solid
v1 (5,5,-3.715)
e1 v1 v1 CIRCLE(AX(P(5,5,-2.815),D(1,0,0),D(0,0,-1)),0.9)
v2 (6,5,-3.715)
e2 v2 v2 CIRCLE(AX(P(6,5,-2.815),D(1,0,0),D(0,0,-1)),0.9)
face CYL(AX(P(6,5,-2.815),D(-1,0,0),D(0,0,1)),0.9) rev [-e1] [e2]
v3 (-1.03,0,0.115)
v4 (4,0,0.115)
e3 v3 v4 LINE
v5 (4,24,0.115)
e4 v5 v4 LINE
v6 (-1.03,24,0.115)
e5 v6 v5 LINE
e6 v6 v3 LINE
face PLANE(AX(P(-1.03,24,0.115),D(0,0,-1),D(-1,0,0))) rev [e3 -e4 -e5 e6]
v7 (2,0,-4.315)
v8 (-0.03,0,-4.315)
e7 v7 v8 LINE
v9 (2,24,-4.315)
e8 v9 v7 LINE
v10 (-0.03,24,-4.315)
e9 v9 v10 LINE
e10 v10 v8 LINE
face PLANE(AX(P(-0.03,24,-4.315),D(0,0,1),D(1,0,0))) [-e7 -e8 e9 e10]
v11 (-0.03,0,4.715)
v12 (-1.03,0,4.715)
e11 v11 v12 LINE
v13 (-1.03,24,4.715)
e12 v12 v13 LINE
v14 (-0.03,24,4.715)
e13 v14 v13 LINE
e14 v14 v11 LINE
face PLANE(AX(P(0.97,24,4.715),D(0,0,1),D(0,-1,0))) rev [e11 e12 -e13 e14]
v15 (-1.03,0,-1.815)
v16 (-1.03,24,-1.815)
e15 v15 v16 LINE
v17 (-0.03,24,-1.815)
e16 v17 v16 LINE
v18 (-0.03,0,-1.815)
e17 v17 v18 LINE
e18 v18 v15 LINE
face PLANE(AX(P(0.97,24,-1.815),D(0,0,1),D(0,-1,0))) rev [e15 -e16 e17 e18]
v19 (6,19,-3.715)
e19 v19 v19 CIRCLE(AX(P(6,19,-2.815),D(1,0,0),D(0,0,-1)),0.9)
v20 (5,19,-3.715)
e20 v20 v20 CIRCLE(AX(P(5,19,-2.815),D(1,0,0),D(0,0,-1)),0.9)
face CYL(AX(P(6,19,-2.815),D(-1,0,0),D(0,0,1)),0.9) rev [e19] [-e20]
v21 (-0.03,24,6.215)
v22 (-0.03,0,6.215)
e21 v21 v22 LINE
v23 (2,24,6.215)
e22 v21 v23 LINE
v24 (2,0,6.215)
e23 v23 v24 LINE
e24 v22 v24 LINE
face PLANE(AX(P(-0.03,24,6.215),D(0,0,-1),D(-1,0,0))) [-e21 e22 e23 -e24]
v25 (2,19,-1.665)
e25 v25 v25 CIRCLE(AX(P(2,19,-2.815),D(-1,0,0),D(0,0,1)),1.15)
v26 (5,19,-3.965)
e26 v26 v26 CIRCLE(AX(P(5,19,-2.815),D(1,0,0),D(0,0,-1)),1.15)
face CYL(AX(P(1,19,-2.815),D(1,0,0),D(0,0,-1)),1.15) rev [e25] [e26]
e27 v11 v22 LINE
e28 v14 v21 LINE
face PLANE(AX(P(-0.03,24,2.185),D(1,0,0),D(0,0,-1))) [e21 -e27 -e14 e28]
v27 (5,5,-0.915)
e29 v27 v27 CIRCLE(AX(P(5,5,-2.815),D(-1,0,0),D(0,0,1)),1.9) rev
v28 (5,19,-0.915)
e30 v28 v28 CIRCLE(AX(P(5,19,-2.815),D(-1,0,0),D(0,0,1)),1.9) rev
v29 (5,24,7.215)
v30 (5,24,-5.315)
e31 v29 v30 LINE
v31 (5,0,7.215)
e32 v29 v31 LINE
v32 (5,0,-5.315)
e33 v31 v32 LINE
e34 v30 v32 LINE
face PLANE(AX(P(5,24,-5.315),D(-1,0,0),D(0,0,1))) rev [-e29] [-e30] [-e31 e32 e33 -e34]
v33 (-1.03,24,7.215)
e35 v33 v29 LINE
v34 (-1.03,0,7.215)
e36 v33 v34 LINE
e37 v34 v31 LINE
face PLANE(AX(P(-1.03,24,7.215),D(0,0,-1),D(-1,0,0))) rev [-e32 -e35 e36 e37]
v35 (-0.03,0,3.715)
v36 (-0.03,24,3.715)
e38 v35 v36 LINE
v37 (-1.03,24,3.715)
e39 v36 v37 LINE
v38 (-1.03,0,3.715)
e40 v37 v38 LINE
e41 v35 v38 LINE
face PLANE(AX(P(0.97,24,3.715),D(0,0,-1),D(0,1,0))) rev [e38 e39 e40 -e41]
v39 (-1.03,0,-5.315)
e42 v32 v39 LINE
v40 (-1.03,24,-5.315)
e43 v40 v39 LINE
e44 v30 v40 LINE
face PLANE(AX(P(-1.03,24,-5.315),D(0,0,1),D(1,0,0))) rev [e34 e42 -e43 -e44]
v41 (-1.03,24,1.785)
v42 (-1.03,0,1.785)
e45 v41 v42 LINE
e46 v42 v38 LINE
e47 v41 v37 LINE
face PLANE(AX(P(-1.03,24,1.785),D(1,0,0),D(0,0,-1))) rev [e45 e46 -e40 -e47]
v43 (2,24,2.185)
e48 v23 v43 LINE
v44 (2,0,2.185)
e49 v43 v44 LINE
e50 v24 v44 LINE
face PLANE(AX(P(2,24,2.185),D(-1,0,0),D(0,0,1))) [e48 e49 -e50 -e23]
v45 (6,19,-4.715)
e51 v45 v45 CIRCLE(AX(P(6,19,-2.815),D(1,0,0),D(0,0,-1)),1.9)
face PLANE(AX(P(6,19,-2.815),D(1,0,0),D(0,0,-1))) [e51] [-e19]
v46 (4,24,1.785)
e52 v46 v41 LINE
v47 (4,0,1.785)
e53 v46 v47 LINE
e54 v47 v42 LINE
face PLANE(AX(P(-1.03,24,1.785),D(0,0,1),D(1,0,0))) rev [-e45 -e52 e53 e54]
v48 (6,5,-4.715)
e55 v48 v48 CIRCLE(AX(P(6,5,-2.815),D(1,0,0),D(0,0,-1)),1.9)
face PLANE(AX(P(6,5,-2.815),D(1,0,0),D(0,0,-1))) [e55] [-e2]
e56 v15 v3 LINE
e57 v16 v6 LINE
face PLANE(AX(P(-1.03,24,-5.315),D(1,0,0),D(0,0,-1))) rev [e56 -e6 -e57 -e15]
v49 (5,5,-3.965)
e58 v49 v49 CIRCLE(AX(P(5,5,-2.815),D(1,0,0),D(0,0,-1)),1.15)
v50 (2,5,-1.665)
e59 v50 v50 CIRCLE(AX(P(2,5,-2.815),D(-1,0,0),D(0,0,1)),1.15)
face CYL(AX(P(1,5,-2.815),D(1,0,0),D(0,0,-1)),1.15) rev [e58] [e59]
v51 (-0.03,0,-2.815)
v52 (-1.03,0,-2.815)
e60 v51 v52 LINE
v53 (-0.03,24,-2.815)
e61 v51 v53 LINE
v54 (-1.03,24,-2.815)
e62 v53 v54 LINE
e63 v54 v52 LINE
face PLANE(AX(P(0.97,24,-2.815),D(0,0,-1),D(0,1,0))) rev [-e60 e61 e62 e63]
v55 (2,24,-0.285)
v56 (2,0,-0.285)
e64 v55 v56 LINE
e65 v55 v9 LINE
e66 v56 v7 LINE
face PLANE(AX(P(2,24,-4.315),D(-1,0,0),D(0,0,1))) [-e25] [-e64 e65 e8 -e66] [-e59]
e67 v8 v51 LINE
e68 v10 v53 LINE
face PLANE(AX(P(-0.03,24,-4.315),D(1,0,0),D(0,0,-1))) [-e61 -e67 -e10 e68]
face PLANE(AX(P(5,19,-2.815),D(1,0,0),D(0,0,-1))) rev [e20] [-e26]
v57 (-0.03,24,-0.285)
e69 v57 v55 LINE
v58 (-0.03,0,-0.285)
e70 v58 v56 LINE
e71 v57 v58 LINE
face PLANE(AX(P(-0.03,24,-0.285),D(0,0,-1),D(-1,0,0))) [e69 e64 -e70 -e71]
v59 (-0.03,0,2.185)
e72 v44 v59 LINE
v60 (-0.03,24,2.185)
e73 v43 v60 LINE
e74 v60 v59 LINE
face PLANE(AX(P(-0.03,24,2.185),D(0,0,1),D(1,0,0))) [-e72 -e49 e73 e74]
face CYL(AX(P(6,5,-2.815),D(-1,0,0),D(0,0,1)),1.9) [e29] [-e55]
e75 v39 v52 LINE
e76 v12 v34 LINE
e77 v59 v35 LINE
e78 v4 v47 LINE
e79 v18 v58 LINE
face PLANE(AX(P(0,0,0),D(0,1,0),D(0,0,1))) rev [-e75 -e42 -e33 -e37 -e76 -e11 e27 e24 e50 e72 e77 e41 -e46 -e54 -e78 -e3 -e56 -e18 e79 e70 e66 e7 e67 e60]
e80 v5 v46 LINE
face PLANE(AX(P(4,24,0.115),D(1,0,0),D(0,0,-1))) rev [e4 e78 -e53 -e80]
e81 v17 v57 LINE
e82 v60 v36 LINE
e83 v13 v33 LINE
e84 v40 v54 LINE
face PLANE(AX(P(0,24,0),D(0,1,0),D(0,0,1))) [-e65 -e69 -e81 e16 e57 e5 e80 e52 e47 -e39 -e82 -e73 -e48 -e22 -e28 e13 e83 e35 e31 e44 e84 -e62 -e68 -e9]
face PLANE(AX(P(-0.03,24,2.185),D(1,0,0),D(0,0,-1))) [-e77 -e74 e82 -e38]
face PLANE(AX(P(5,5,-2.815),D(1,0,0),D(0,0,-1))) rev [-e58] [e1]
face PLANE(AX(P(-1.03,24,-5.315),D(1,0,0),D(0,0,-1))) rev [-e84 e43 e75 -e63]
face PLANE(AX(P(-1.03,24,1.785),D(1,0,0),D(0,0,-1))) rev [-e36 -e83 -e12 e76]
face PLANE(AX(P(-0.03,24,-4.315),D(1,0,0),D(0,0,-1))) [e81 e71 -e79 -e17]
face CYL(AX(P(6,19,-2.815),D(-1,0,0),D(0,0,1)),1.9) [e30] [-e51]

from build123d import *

# Parameters (mm, degrees)
SKETCH1_W           = 2.03
SKETCH1_H           = 4.03
BOSS_EXTRUDE1_DEPTH = 24
SKETCH2_W           = 1
SKETCH2_H           = 24
CUT_EXTRUDE1_DEPTH  = 2
SKETCH3_R           = 1.9
SKETCH3_R_2         = 0.9
BOSS_EXTRUDE2_DEPTH = 1
SKETCH4_R           = 1.15
CUT_EXTRUDE2_DEPTH  = 4


with BuildPart() as part:
    # Sketch1 → Boss-Extrude1 (new body)
    with BuildSketch(Plane(origin=(0, 0, 0), x_dir=(1, 0, 0), z_dir=(0, 1, 0))):
        Polygon((0.758759529, 5.315), (5, 5.315), (5, -7.215), (1.398203198, -7.215), (-1.03, -7.215), (-1.03, -1.785), (4, -1.785), (4, -0.115), (-1.03, -0.115), (-1.03, 5.315), align=None)
        with Locations((0.985, 2.3)):
            Rectangle(SKETCH1_W, SKETCH1_H, mode=Mode.SUBTRACT)
        with Locations((0.985, -4.2)):
            Rectangle(SKETCH1_W, SKETCH1_H, mode=Mode.SUBTRACT)
    extrude(amount=BOSS_EXTRUDE1_DEPTH)

    # Sketch2 → Cut-Extrude1 (cut)
    with BuildSketch(Plane.ZY.offset(1.03)):
        with Locations((-2.315, 12)):
            Rectangle(SKETCH2_W, SKETCH2_H)
        with Locations((4.215, 12)):
            Rectangle(SKETCH2_W, SKETCH2_H)
    extrude(amount=-CUT_EXTRUDE1_DEPTH, mode=Mode.SUBTRACT)

    # Sketch3 → Boss-Extrude2 (add)
    with BuildSketch(Plane(origin=(5, 0, 0), x_dir=(0, 0, -1), z_dir=(1, 0, 0))):
        with Locations((2.815, 19)):
            Circle(SKETCH3_R)
        with Locations((2.815, 19)):
            Circle(SKETCH3_R_2, mode=Mode.SUBTRACT)
        with Locations((2.815, 5)):
            Circle(SKETCH3_R)
        with Locations((2.815, 5)):
            Circle(SKETCH3_R_2, mode=Mode.SUBTRACT)
    extrude(amount=BOSS_EXTRUDE2_DEPTH)

    # Sketch4 → Cut-Extrude2 (cut)
    with BuildSketch(Plane(origin=(5, 0, 0), x_dir=(0, 0, -1), z_dir=(1, 0, 0))):
        with Locations((2.815, 19)):
            Circle(SKETCH4_R)
        with Locations((2.815, 5)):
            Circle(SKETCH4_R)
    extrude(amount=-CUT_EXTRUDE2_DEPTH, mode=Mode.SUBTRACT)


solid = part.part
